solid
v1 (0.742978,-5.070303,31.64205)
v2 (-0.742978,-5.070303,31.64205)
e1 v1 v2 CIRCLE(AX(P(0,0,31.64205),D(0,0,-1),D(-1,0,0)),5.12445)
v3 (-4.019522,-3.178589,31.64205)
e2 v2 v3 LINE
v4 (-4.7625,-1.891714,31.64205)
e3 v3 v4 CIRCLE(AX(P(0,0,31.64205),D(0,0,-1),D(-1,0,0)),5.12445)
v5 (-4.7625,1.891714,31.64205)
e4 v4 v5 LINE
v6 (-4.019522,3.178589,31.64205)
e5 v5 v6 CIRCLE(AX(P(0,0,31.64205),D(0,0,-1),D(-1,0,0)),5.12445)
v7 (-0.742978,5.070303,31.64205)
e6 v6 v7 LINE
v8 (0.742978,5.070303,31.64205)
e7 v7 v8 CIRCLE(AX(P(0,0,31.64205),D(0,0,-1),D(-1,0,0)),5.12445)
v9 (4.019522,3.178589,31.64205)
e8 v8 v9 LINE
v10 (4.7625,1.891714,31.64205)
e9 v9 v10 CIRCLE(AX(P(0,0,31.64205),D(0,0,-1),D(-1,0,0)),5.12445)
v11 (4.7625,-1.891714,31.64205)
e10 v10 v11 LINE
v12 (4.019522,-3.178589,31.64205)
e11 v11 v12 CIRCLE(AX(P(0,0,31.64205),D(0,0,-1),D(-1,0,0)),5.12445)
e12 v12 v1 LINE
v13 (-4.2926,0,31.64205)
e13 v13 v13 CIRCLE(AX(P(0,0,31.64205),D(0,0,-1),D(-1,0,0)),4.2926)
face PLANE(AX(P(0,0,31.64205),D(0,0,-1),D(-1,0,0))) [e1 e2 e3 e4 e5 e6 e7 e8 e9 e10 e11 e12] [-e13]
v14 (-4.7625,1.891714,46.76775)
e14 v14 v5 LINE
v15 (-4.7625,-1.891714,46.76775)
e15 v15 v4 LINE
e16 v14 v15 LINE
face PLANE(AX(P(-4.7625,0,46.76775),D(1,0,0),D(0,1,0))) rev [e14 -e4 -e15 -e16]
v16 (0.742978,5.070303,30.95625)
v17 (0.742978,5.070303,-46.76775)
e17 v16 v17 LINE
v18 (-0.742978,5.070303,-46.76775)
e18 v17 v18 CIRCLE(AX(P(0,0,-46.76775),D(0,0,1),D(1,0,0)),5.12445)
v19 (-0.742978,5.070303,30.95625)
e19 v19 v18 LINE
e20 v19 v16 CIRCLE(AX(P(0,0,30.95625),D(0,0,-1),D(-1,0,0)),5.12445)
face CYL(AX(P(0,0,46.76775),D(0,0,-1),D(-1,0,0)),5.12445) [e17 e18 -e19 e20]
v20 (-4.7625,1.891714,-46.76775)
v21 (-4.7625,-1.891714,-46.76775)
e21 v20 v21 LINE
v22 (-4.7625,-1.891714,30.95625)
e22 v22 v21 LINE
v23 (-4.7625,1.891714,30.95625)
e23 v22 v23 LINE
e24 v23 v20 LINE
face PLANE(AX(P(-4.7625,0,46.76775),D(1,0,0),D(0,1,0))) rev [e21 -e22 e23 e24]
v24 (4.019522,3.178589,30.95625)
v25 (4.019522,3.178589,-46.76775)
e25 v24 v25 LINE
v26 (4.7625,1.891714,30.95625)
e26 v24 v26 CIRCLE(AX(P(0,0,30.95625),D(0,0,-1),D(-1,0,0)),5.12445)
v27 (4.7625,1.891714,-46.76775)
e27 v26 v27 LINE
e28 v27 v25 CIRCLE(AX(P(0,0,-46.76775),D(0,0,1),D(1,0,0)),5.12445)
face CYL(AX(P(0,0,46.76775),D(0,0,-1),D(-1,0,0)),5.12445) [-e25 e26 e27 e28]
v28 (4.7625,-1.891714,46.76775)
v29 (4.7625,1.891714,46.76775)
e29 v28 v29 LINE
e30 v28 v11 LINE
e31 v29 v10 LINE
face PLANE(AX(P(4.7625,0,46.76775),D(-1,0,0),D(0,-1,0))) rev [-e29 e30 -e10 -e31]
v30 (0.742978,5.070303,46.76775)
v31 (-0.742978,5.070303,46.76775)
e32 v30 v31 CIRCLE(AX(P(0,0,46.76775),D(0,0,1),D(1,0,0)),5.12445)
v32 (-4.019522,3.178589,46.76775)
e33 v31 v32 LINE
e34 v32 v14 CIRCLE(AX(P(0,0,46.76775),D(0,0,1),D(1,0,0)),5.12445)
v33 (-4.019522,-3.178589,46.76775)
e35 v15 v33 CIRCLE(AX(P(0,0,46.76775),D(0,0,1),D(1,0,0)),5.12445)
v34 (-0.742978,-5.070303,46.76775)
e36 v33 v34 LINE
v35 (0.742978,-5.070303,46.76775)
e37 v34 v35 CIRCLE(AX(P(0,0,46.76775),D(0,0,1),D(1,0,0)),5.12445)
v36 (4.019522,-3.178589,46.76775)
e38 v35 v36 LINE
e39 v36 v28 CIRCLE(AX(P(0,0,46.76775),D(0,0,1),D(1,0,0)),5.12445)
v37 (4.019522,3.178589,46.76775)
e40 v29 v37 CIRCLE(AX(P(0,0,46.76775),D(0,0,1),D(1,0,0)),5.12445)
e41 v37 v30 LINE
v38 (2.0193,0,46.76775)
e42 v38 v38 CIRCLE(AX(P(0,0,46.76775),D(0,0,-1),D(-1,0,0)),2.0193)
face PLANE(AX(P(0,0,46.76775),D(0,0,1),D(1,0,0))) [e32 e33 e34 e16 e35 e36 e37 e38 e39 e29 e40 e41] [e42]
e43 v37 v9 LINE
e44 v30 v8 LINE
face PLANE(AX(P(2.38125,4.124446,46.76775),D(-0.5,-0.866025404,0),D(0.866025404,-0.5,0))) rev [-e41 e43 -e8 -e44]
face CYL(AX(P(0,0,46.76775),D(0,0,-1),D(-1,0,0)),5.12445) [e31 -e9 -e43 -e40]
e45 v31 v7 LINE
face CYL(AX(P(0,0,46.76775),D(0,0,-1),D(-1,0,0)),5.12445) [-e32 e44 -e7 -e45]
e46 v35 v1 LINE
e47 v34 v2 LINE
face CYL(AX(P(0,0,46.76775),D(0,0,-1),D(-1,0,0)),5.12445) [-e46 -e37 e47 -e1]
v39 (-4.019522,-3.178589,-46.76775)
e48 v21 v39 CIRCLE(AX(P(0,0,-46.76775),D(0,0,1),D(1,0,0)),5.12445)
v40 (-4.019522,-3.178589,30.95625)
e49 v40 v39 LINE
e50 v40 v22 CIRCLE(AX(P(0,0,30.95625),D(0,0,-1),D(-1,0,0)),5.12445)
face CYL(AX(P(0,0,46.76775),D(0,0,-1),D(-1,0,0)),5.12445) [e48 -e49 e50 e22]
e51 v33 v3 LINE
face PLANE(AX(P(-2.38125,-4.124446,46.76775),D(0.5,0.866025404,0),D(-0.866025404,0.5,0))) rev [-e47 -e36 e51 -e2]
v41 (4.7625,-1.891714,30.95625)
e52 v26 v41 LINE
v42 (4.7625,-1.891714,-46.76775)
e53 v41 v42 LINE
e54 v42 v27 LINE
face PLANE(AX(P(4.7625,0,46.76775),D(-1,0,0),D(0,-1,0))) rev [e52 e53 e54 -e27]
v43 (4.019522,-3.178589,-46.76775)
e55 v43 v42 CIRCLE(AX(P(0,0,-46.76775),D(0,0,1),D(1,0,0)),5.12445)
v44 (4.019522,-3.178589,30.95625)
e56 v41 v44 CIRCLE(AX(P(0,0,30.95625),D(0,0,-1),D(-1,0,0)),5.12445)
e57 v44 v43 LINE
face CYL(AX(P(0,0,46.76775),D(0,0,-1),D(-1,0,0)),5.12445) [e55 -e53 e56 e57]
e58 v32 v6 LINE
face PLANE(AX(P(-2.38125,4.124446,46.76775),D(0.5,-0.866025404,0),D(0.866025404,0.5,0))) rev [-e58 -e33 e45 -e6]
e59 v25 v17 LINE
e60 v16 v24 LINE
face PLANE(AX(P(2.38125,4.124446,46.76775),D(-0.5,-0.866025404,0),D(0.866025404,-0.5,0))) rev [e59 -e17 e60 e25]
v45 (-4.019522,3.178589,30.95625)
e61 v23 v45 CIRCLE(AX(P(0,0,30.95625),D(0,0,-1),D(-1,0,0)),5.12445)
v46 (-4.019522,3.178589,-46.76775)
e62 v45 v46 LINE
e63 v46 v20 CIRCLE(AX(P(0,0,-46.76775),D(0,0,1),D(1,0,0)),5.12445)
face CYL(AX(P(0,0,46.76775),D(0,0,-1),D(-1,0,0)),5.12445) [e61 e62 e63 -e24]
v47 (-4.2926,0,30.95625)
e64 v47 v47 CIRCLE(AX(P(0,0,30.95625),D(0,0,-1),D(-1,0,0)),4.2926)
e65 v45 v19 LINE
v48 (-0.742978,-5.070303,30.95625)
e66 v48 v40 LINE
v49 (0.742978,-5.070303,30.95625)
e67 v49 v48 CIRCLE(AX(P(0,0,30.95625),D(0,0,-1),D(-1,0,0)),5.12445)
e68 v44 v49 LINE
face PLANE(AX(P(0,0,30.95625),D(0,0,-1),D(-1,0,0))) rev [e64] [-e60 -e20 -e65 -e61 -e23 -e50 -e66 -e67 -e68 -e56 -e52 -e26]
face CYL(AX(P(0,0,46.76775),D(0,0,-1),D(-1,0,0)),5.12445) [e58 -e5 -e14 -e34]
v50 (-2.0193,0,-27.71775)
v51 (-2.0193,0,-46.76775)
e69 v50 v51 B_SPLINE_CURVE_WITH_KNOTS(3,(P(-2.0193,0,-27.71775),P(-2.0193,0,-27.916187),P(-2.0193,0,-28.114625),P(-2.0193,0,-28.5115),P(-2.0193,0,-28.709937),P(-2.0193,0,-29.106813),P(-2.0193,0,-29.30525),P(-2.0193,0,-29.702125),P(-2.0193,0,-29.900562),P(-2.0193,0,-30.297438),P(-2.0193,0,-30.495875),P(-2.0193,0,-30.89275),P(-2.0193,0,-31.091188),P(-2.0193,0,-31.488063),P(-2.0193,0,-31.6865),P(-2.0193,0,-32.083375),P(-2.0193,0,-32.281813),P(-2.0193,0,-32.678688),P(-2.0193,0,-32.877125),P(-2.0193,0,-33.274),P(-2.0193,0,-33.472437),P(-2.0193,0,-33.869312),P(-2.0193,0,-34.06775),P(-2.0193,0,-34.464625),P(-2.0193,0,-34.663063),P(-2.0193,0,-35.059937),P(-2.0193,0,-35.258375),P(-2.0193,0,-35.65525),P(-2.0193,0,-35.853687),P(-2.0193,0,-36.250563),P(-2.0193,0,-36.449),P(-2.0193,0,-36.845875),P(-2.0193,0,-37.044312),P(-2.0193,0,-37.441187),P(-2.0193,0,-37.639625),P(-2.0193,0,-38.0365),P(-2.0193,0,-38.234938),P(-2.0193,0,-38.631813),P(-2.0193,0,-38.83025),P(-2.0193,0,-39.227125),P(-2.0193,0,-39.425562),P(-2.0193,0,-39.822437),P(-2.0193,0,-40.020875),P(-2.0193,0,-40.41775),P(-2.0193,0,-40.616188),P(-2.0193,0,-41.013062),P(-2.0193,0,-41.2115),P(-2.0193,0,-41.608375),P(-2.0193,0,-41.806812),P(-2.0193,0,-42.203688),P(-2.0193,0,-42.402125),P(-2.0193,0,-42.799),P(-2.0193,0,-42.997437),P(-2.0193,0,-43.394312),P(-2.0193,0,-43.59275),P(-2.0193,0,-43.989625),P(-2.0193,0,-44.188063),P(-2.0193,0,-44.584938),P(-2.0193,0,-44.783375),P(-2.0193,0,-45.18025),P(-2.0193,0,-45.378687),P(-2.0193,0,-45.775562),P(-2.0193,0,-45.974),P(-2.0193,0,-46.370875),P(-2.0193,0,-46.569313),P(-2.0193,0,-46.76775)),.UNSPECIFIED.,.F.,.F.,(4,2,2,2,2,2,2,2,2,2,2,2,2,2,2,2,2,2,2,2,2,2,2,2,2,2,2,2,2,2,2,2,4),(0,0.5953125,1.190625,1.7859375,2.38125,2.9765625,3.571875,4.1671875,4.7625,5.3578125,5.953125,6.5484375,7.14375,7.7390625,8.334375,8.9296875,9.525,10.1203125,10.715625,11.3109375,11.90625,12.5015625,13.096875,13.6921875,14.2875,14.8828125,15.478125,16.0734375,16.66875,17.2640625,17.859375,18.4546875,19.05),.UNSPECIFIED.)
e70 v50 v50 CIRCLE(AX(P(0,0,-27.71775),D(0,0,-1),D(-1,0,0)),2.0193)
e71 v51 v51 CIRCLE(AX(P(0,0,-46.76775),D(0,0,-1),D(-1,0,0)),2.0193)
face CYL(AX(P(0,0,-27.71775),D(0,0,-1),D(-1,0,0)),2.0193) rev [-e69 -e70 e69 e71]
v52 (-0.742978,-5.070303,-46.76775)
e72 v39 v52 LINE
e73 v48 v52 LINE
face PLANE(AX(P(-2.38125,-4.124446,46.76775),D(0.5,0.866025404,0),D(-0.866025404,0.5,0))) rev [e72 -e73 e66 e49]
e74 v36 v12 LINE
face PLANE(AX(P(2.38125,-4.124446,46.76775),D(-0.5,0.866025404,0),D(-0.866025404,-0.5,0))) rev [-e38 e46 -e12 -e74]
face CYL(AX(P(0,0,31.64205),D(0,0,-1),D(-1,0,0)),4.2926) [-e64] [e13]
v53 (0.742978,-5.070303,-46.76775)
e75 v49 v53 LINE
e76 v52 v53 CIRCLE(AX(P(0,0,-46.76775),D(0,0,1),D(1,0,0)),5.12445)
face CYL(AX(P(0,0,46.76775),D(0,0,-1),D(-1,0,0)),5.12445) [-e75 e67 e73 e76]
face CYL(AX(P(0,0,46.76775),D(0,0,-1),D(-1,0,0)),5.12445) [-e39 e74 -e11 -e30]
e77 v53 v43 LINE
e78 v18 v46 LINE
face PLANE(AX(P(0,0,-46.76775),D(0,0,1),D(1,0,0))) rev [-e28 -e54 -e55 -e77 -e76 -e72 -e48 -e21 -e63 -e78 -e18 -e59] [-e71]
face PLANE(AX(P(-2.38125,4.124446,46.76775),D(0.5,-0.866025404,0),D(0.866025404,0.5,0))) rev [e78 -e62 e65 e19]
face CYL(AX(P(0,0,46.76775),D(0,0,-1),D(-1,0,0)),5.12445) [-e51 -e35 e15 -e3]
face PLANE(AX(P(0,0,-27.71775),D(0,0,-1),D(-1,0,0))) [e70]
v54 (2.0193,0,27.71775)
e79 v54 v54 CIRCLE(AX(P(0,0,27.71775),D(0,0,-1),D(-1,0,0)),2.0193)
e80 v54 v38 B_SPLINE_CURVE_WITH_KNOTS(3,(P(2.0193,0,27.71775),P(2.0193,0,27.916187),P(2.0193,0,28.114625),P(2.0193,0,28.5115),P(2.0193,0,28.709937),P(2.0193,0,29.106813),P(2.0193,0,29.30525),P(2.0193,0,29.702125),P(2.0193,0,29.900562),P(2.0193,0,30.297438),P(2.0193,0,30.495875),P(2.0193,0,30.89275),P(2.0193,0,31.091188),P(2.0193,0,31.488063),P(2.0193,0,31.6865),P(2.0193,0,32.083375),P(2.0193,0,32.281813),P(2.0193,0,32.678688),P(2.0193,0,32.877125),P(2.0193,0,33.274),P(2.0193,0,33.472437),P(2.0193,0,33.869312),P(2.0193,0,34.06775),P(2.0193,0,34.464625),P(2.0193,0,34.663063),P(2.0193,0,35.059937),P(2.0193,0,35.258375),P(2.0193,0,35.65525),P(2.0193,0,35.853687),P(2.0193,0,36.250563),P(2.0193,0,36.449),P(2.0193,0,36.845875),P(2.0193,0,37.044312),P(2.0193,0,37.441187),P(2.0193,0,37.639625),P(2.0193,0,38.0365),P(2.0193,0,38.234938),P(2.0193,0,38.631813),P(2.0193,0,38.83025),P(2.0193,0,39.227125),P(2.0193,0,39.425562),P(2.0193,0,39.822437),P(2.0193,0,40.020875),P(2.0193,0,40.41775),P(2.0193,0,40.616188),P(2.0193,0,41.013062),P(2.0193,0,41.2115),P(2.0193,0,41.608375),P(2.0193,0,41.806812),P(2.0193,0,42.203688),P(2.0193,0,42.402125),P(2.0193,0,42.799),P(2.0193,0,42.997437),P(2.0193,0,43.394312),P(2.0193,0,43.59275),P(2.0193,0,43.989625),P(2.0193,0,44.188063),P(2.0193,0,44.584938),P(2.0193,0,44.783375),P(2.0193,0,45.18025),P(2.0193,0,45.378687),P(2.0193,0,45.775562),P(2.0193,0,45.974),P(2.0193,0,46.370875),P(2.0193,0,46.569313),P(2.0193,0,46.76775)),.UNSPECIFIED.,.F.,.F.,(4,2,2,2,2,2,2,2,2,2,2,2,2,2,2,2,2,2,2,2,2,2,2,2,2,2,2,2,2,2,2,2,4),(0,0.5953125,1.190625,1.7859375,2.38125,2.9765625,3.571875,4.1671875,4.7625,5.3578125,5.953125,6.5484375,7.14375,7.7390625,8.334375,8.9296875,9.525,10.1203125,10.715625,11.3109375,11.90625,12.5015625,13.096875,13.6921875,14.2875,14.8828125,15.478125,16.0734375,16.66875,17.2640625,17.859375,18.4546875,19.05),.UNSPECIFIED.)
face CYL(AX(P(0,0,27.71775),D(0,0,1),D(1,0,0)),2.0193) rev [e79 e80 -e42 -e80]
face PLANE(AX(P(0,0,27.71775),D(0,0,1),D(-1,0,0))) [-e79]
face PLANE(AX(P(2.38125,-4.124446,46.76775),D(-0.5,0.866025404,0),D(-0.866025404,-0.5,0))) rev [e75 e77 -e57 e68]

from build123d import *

# Parameters (mm, degrees)
BOSS_EXTRUDE1_DEPTH = 46.76775
SKETCH2_R           = 2.0193
CUT_EXTRUDE1_DEPTH  = 19.05
SKETCH4_R           = 6.35
SKETCH4_R_2         = 4.2926
CUT_EXTRUDE2_DEPTH  = 0.6858


with BuildPart() as part:
    # Sketch1 → Boss-Extrude1 (new, symmetric)
    with BuildSketch(Plane.XY):
        with BuildLine():
            ThreePointArc((4.7625, 1.891713919), (4.43790388, 2.562225), (4.019522311, 3.178589026))
            Line((4.019522311, 3.178589026), (0.742977689, 5.070302945))
            ThreePointArc((0.742977689, 5.070302945), (0, 5.12445), (-0.742977689, 5.070302945))
            Line((-0.742977689, 5.070302945), (-4.019522311, 3.178589026))
            ThreePointArc((-4.019522311, 3.178589026), (-4.43790388, 2.562225), (-4.7625, 1.891713919))
            Line((-4.7625, 1.891713919), (-4.7625, -1.891713919))
            ThreePointArc((-4.7625, -1.891713919), (-4.43790388, -2.562225), (-4.019522311, -3.178589026))
            Line((-4.019522311, -3.178589026), (-0.742977689, -5.070302945))
            ThreePointArc((-0.742977689, -5.070302945), (0, -5.12445), (0.742977689, -5.070302945))
            Line((0.742977689, -5.070302945), (4.019522311, -3.178589026))
            ThreePointArc((4.019522311, -3.178589026), (4.43790388, -2.562225), (4.7625, -1.891713919))
            Line((4.7625, -1.891713919), (4.7625, 1.891713919))
        make_face()
    extrude(amount=BOSS_EXTRUDE1_DEPTH, both=True)

    # Sketch2 → Cut-Extrude1 (cut)
    with BuildSketch(Plane(origin=(0, 0, -46.76775), x_dir=(-1, 0, 0), z_dir=(0, 0, -1))):
        Circle(SKETCH2_R)
    cut_extrude1 = extrude(amount=-CUT_EXTRUDE1_DEPTH, mode=Mode.SUBTRACT)

    # Mirror1: Cut-Extrude1 across plane
    add(cut_extrude1.mirror(Plane.XY), mode=Mode.SUBTRACT)

    # Sketch4 → Cut-Extrude2 (cut)
    with BuildSketch(Plane(origin=(0, 0, 30.95625), x_dir=(-1, 0, 0), z_dir=(0, 0, -1))):
        Circle(SKETCH4_R)
        Circle(SKETCH4_R_2, mode=Mode.SUBTRACT)
    extrude(amount=-CUT_EXTRUDE2_DEPTH, mode=Mode.SUBTRACT)


solid = part.part
